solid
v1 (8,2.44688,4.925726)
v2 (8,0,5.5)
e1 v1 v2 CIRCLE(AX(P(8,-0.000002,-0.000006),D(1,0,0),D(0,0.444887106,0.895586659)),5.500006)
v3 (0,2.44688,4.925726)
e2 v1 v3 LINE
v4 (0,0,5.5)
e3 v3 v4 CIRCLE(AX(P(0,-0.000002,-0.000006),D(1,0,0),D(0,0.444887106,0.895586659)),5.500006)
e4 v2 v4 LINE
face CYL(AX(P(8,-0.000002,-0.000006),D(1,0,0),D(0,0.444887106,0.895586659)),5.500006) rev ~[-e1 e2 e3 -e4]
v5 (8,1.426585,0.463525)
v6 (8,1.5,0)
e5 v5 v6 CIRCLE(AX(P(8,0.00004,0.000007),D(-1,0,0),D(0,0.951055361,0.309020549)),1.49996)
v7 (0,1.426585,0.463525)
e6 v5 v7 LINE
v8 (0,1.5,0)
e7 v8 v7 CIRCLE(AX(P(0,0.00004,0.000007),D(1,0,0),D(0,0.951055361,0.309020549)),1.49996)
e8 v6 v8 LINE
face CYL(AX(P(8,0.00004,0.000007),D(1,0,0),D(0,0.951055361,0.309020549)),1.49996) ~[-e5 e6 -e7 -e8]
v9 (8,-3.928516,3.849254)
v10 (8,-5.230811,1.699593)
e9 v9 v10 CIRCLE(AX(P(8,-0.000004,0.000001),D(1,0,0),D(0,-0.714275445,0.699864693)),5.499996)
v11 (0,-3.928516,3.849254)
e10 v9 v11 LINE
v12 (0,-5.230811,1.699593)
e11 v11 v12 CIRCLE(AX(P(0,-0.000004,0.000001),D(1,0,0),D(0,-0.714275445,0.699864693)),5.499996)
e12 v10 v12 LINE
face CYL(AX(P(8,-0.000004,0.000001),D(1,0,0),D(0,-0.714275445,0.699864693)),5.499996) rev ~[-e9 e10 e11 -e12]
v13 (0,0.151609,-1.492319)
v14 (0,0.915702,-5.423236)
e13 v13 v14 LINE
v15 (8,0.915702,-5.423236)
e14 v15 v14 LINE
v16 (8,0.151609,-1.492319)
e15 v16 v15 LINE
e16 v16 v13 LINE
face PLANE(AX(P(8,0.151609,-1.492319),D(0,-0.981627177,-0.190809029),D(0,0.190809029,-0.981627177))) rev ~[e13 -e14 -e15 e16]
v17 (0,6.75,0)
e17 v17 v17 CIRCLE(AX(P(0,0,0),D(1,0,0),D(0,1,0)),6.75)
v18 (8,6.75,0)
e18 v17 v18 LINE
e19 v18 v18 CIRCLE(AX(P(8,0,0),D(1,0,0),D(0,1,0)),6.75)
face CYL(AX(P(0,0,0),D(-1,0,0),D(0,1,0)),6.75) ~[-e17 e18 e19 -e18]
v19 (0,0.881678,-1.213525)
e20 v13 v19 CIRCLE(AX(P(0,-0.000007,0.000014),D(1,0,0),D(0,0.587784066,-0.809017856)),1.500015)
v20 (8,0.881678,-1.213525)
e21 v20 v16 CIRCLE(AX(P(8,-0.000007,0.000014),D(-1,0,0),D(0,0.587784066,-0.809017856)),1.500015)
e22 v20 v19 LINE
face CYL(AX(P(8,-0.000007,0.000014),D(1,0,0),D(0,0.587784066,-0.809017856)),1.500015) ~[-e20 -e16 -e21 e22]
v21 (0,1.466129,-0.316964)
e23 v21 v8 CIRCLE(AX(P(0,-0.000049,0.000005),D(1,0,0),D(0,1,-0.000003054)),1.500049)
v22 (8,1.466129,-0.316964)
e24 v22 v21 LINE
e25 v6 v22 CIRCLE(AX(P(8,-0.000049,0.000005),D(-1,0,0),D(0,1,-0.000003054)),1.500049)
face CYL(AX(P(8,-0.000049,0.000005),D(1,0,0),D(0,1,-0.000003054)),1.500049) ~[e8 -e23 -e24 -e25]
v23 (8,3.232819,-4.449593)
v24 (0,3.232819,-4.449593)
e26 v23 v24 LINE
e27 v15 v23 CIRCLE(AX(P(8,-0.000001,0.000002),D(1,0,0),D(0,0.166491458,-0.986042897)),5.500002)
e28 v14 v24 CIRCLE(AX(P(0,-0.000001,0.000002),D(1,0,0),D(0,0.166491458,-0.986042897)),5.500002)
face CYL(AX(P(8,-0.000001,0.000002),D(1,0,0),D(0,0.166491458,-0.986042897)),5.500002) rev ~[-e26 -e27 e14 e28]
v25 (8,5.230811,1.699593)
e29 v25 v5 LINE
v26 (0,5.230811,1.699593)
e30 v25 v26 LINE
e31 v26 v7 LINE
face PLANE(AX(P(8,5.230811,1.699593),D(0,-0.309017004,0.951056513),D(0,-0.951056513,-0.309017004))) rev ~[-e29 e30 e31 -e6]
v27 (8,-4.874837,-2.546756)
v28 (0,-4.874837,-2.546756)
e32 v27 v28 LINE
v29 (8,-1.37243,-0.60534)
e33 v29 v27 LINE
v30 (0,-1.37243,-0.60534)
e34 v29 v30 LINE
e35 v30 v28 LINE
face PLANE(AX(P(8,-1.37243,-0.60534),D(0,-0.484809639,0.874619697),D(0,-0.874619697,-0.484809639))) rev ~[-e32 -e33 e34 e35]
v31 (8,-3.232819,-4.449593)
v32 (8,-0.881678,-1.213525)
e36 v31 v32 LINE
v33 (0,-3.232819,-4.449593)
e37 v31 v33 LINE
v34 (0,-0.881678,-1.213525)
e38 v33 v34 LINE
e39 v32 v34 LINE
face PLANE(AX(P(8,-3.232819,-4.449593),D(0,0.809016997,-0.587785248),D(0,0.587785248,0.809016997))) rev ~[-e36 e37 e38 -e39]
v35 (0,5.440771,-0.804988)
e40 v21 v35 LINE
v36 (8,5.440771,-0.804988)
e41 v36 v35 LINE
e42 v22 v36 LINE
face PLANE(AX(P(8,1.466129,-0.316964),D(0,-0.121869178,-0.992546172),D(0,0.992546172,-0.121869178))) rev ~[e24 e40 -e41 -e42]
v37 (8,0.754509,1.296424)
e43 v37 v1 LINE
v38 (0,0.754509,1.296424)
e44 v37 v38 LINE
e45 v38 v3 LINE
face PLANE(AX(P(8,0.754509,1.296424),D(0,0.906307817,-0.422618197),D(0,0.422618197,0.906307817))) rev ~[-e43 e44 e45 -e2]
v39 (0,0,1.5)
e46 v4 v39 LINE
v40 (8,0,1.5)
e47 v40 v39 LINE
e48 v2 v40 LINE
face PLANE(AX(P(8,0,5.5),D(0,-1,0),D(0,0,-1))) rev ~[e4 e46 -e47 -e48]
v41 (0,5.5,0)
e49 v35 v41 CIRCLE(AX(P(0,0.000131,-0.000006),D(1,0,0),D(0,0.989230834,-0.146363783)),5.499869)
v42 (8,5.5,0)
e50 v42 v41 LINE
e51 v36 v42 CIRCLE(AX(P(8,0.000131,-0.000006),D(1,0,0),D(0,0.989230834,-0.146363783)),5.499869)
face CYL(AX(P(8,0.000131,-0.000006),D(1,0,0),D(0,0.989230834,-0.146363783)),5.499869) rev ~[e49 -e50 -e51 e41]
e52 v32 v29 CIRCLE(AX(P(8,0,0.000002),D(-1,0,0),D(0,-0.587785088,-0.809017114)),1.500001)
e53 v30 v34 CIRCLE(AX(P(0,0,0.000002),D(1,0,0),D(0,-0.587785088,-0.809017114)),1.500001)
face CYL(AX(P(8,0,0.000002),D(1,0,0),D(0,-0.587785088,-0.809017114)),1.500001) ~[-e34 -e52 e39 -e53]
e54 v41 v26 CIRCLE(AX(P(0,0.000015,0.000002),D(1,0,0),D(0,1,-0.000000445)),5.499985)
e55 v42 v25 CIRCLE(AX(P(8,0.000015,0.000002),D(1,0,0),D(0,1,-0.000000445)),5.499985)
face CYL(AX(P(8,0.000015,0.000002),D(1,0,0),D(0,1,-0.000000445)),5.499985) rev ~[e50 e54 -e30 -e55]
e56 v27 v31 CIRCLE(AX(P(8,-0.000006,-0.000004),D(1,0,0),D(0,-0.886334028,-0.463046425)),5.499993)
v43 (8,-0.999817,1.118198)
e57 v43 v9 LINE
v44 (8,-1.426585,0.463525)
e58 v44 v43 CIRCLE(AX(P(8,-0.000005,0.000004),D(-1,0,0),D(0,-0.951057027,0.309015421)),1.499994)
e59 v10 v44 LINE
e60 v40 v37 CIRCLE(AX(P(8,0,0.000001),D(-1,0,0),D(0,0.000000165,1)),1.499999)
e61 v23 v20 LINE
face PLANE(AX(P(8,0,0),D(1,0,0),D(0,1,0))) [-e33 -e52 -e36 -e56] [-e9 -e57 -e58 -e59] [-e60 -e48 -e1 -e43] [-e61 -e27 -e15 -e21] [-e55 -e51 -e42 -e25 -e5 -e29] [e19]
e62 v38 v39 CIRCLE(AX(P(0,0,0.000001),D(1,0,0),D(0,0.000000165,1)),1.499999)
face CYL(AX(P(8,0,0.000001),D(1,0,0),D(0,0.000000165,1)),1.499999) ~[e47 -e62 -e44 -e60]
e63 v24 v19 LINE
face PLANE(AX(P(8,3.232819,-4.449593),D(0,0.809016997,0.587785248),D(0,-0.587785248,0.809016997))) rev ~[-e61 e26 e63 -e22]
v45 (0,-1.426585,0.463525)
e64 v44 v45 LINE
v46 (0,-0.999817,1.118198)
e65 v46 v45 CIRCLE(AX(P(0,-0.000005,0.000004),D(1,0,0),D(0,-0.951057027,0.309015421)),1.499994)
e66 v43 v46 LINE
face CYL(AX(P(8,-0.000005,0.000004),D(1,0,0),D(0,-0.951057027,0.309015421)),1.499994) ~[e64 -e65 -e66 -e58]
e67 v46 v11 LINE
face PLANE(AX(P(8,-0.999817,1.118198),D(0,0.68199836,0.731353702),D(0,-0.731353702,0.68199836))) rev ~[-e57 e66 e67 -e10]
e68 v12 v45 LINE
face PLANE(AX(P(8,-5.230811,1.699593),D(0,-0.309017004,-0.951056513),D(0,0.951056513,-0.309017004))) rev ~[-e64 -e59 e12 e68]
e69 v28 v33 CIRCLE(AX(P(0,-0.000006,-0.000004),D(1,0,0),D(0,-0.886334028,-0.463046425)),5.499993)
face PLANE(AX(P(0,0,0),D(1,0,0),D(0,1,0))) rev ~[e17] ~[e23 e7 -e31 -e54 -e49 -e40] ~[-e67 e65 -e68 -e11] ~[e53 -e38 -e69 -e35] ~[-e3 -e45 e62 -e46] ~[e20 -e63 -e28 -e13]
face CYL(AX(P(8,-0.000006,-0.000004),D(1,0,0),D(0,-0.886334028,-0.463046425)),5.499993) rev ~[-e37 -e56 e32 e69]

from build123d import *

# Parameters (mm, degrees)
F0_R     = 6.75
F1_DEPTH = 8
F3_DEPTH = 8.001


with BuildPart() as f1:
    # F0 (on Right) → F1 (new body)
    with BuildSketch(Plane.YZ):
        Circle(F0_R)
    extrude(amount=F1_DEPTH)

    # F2 (on face) → F3 (cut, through all)
    with BuildSketch(Plane.YZ.offset(8)):
        with BuildLine():
            ThreePointArc((-1.426585, 0.463525), (-1.256585, 0.819143), (-0.999817, 1.118198))
            Line((-0.999817, 1.118198), (-3.928516, 3.849254))
            ThreePointArc((-3.928516, 3.849254), (-4.704102, 2.849811), (-5.230811, 1.699593))
            Line((-5.230811, 1.699593), (-1.426585, 0.463525))
        make_face()
        with BuildLine():
            Line((-3.232819, -4.449593), (-0.881678, -1.213525))
            ThreePointArc((-0.881678, -1.213525), (-1.167357, -0.941954), (-1.37243, -0.60534))
            Line((-1.37243, -0.60534), (-4.874837, -2.546756))
            ThreePointArc((-4.874837, -2.546756), (-4.163979, -3.593227), (-3.232819, -4.449593))
        make_face()
        with BuildLine():
            ThreePointArc((0, 1.5), (0.390745, 1.448212), (0.754509, 1.296424))
            Line((0.754509, 1.296424), (2.44688, 4.925726))
            ThreePointArc((2.44688, 4.925726), (1.256683, 5.354507), (0, 5.5))
            Line((0, 5.5), (0, 1.5))
        make_face()
        with BuildLine():
            Line((3.232819, -4.449593), (0.881678, -1.213525))
            ThreePointArc((0.881678, -1.213525), (0.535118, -1.401302), (0.151609, -1.492319))
            Line((0.151609, -1.492319), (0.915702, -5.423236))
            ThreePointArc((0.915702, -5.423236), (2.130622, -5.070547), (3.232819, -4.449593))
        make_face()
        with BuildLine():
            ThreePointArc((1.426585, 0.463525), (1.481533, 0.234652), (1.5, 0))
            ThreePointArc((1.5, 0), (1.491508, -0.159384), (1.466129, -0.316964))
            Line((1.466129, -0.316964), (5.440771, -0.804988))
            ThreePointArc((5.440771, -0.804988), (5.485173, -0.403582), (5.5, 0))
            ThreePointArc((5.5, 0), (5.432286, 0.86039), (5.230811, 1.699593))
            Line((5.230811, 1.699593), (1.426585, 0.463525))
        make_face()
    extrude(amount=-F3_DEPTH, mode=Mode.SUBTRACT)


solid = f1.part
